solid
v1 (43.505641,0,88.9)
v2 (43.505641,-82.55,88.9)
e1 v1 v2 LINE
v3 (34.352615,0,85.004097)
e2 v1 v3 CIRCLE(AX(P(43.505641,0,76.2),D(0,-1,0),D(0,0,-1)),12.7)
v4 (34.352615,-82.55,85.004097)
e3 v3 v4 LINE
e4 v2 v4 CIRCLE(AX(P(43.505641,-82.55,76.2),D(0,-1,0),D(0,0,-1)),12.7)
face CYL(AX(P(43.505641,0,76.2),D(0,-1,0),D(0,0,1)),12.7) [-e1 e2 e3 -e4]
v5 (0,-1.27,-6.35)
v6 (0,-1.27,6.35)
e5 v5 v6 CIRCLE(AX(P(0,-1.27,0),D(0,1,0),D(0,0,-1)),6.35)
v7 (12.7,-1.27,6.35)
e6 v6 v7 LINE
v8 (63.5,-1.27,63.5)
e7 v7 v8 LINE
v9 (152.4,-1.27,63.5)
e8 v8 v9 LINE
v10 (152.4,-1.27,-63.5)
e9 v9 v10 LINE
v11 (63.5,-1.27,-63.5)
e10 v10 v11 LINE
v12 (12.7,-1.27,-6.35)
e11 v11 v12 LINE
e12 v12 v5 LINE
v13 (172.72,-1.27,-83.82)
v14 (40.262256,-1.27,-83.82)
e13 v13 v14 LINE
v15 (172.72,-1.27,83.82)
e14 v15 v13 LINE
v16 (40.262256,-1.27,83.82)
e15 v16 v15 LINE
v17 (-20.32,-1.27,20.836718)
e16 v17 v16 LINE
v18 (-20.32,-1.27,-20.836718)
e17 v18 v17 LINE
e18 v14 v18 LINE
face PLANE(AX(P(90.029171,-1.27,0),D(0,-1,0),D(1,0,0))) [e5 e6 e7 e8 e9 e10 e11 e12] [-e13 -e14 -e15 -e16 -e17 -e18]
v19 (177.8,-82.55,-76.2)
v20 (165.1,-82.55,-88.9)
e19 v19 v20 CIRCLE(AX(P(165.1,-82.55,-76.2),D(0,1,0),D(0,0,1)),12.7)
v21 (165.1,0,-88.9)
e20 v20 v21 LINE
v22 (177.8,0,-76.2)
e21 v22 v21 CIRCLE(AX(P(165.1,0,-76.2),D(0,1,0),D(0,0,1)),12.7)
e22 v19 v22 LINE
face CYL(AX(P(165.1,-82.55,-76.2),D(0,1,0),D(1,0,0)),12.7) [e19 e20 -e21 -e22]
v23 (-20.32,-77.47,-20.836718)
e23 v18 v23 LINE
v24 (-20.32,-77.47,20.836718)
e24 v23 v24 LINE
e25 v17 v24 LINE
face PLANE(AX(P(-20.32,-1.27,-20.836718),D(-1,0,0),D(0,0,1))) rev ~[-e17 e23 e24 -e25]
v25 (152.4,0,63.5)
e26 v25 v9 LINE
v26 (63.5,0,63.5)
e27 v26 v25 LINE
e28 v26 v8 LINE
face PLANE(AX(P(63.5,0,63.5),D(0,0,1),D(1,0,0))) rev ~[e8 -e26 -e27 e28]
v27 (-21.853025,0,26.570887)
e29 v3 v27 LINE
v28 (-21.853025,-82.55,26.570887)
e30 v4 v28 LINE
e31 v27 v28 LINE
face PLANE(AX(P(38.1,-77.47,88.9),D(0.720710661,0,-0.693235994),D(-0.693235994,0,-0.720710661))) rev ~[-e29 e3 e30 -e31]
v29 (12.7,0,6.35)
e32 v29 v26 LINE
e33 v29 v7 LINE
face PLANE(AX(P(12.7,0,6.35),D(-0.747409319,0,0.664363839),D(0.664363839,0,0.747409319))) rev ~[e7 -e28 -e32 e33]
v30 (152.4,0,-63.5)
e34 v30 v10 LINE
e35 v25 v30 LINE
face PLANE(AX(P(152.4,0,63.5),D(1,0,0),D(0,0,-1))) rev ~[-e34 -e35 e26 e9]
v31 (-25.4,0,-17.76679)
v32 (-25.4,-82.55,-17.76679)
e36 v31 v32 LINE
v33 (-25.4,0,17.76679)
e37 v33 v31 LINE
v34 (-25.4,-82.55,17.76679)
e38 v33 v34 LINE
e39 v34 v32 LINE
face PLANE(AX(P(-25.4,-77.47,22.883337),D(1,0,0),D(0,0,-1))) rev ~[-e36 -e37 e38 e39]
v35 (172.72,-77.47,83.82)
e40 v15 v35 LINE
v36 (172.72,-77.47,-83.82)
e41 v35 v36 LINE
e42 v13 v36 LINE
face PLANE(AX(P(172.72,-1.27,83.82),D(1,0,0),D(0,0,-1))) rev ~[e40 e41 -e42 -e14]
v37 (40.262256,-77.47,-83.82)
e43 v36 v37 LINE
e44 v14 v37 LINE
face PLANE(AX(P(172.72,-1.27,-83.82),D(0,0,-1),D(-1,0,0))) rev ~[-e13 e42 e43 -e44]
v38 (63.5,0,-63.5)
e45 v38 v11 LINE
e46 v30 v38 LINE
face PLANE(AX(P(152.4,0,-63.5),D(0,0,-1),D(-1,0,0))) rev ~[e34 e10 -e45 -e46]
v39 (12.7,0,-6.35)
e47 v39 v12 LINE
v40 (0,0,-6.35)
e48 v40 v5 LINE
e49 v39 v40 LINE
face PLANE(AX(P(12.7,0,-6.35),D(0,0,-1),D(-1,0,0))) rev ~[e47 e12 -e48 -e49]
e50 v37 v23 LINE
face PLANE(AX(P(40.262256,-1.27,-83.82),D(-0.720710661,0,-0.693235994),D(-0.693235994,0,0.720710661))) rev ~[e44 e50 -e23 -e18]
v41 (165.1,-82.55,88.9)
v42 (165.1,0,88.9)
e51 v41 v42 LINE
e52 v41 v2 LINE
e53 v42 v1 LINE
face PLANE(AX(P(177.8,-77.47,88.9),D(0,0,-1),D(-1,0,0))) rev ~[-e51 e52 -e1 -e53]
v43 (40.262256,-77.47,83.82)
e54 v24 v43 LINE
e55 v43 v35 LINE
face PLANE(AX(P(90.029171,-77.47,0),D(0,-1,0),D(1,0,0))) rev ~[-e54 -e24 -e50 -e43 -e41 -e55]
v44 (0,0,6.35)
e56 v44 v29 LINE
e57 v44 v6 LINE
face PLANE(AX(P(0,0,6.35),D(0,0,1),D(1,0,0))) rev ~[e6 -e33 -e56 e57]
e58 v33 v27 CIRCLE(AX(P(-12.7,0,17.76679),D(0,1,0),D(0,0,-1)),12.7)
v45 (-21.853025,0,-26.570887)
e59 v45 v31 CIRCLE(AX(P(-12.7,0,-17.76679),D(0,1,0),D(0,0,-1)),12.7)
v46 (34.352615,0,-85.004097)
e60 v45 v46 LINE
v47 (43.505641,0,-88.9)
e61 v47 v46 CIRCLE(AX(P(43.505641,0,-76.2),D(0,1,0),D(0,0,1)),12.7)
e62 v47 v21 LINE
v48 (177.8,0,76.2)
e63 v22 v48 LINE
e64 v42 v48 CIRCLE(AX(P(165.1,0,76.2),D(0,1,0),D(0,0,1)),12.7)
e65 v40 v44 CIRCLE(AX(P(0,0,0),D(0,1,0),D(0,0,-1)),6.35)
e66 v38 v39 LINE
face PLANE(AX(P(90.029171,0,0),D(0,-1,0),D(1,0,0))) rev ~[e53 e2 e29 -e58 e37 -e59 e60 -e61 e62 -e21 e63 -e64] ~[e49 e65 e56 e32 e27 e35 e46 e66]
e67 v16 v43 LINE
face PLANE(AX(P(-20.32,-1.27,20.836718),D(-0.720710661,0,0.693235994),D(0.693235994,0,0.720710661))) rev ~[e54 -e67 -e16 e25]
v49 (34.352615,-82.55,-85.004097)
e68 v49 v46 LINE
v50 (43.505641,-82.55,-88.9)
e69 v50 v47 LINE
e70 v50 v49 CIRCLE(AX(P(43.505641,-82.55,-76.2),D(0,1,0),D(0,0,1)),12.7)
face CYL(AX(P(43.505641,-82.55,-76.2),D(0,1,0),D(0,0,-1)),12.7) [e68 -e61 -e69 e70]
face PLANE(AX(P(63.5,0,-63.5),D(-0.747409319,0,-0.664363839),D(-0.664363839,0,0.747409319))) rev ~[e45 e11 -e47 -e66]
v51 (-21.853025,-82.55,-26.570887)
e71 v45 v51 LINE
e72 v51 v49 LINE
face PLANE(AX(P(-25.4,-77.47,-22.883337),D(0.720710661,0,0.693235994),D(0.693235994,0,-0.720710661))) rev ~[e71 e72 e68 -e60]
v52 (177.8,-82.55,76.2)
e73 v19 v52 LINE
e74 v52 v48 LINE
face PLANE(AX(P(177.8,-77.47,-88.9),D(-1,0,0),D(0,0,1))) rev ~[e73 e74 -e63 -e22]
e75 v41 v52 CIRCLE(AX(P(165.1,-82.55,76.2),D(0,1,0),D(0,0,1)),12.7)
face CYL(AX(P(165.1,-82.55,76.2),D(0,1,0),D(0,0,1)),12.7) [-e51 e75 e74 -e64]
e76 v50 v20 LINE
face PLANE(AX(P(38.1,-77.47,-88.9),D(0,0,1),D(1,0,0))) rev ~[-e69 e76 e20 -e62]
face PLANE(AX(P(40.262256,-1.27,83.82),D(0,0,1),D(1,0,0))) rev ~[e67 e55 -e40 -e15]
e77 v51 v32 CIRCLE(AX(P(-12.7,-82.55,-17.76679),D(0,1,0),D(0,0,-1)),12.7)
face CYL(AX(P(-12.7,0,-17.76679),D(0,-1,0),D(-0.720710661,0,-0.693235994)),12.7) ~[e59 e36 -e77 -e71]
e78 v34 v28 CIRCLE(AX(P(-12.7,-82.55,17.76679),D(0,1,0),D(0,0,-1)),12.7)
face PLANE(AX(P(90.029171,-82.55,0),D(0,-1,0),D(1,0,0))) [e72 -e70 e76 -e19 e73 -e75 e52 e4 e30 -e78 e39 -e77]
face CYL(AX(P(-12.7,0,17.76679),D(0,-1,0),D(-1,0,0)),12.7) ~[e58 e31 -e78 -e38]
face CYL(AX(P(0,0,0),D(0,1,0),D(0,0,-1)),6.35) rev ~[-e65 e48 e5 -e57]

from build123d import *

# Parameters (mm, degrees)
F1_DEPTH = 1.27
F3_DEPTH = 76.2
F5_DEPTH = 5.08
F6_R     = 12.7
F7_R     = 12.7


with BuildPart() as f1:
    # F0 (on Front) → F1 (new body)
    with BuildSketch(Plane.XZ):
        Polygon((-25.4, 22.8833369911), (-25.4, 0), (-25.4, -22.8833369911), (38.1, -88.9), (177.8, -88.9), (177.8, 0), (177.8, 88.9), (38.1, 88.9), align=None)
        with BuildLine():
            Line((0, 6.35), (12.7, 6.35))
            Line((12.7, 6.35), (63.5, 63.5))
            Line((63.5, 63.5), (152.4, 63.5))
            Line((152.4, 63.5), (152.4, 0))
            Line((152.4, 0), (152.4, -63.5))
            Line((152.4, -63.5), (63.5, -63.5))
            Line((63.5, -63.5), (12.7, -6.35))
            Line((12.7, -6.35), (0, -6.35))
            ThreePointArc((0, -6.35), (-6.35, 0), (0, 6.35))
        make_face(mode=Mode.SUBTRACT)
    extrude(amount=F1_DEPTH)

    # F2 (on face) → F3 (join)
    with BuildSketch(Plane.XZ.offset(1.27)):
        Polygon((38.1, 88.9), (-25.4, 22.8833369911), (-25.4, -22.8833369911), (38.1, -88.9), (177.8, -88.9), (177.8, 88.9), align=None)
        Polygon((40.2622562786, -83.82), (-20.32, -20.8367181565), (-20.32, 20.8367181565), (40.2622562786, 83.82), (172.72, 83.82), (172.72, -83.82), align=None, mode=Mode.SUBTRACT)
    extrude(amount=F3_DEPTH)

    # F4 (on face) → F5 (join)
    with BuildSketch(Plane.XZ.offset(77.47)):
        Polygon((177.8, 88.9), (38.1, 88.9), (-25.4, 22.8833369911), (-25.4, -22.8833369911), (38.1, -88.9), (177.8, -88.9), align=None)
        Polygon((172.72, -83.82), (40.2622562786, -83.82), (-20.32, -20.8367181565), (-20.32, 20.8367181565), (40.2622562786, 83.82), (172.72, 83.82), align=None, mode=Mode.SUBTRACT)
        Polygon((-20.32, -20.8367181565), (40.2622562786, -83.82), (172.72, -83.82), (172.72, 83.82), (40.2622562786, 83.82), (-20.32, 20.8367181565), align=None)
    extrude(amount=F5_DEPTH)

    # F6
    f6_edges = [f1.edges().sort_by_distance(p)[0] for p in [
        (-25.4, -41.275, 22.883337),
        (-25.4, -41.275, -22.883337),
        (38.1, -41.275, 88.9),
        (38.1, -41.275, -88.9),
    ]]
    fillet(f6_edges, radius=F6_R)

    # F7
    f7_edges = [f1.edges().sort_by_distance(p)[0] for p in [
        (177.8, -41.275, 88.9),
        (177.8, -41.275, -88.9),
    ]]
    fillet(f7_edges, radius=F7_R)


solid = f1.part
